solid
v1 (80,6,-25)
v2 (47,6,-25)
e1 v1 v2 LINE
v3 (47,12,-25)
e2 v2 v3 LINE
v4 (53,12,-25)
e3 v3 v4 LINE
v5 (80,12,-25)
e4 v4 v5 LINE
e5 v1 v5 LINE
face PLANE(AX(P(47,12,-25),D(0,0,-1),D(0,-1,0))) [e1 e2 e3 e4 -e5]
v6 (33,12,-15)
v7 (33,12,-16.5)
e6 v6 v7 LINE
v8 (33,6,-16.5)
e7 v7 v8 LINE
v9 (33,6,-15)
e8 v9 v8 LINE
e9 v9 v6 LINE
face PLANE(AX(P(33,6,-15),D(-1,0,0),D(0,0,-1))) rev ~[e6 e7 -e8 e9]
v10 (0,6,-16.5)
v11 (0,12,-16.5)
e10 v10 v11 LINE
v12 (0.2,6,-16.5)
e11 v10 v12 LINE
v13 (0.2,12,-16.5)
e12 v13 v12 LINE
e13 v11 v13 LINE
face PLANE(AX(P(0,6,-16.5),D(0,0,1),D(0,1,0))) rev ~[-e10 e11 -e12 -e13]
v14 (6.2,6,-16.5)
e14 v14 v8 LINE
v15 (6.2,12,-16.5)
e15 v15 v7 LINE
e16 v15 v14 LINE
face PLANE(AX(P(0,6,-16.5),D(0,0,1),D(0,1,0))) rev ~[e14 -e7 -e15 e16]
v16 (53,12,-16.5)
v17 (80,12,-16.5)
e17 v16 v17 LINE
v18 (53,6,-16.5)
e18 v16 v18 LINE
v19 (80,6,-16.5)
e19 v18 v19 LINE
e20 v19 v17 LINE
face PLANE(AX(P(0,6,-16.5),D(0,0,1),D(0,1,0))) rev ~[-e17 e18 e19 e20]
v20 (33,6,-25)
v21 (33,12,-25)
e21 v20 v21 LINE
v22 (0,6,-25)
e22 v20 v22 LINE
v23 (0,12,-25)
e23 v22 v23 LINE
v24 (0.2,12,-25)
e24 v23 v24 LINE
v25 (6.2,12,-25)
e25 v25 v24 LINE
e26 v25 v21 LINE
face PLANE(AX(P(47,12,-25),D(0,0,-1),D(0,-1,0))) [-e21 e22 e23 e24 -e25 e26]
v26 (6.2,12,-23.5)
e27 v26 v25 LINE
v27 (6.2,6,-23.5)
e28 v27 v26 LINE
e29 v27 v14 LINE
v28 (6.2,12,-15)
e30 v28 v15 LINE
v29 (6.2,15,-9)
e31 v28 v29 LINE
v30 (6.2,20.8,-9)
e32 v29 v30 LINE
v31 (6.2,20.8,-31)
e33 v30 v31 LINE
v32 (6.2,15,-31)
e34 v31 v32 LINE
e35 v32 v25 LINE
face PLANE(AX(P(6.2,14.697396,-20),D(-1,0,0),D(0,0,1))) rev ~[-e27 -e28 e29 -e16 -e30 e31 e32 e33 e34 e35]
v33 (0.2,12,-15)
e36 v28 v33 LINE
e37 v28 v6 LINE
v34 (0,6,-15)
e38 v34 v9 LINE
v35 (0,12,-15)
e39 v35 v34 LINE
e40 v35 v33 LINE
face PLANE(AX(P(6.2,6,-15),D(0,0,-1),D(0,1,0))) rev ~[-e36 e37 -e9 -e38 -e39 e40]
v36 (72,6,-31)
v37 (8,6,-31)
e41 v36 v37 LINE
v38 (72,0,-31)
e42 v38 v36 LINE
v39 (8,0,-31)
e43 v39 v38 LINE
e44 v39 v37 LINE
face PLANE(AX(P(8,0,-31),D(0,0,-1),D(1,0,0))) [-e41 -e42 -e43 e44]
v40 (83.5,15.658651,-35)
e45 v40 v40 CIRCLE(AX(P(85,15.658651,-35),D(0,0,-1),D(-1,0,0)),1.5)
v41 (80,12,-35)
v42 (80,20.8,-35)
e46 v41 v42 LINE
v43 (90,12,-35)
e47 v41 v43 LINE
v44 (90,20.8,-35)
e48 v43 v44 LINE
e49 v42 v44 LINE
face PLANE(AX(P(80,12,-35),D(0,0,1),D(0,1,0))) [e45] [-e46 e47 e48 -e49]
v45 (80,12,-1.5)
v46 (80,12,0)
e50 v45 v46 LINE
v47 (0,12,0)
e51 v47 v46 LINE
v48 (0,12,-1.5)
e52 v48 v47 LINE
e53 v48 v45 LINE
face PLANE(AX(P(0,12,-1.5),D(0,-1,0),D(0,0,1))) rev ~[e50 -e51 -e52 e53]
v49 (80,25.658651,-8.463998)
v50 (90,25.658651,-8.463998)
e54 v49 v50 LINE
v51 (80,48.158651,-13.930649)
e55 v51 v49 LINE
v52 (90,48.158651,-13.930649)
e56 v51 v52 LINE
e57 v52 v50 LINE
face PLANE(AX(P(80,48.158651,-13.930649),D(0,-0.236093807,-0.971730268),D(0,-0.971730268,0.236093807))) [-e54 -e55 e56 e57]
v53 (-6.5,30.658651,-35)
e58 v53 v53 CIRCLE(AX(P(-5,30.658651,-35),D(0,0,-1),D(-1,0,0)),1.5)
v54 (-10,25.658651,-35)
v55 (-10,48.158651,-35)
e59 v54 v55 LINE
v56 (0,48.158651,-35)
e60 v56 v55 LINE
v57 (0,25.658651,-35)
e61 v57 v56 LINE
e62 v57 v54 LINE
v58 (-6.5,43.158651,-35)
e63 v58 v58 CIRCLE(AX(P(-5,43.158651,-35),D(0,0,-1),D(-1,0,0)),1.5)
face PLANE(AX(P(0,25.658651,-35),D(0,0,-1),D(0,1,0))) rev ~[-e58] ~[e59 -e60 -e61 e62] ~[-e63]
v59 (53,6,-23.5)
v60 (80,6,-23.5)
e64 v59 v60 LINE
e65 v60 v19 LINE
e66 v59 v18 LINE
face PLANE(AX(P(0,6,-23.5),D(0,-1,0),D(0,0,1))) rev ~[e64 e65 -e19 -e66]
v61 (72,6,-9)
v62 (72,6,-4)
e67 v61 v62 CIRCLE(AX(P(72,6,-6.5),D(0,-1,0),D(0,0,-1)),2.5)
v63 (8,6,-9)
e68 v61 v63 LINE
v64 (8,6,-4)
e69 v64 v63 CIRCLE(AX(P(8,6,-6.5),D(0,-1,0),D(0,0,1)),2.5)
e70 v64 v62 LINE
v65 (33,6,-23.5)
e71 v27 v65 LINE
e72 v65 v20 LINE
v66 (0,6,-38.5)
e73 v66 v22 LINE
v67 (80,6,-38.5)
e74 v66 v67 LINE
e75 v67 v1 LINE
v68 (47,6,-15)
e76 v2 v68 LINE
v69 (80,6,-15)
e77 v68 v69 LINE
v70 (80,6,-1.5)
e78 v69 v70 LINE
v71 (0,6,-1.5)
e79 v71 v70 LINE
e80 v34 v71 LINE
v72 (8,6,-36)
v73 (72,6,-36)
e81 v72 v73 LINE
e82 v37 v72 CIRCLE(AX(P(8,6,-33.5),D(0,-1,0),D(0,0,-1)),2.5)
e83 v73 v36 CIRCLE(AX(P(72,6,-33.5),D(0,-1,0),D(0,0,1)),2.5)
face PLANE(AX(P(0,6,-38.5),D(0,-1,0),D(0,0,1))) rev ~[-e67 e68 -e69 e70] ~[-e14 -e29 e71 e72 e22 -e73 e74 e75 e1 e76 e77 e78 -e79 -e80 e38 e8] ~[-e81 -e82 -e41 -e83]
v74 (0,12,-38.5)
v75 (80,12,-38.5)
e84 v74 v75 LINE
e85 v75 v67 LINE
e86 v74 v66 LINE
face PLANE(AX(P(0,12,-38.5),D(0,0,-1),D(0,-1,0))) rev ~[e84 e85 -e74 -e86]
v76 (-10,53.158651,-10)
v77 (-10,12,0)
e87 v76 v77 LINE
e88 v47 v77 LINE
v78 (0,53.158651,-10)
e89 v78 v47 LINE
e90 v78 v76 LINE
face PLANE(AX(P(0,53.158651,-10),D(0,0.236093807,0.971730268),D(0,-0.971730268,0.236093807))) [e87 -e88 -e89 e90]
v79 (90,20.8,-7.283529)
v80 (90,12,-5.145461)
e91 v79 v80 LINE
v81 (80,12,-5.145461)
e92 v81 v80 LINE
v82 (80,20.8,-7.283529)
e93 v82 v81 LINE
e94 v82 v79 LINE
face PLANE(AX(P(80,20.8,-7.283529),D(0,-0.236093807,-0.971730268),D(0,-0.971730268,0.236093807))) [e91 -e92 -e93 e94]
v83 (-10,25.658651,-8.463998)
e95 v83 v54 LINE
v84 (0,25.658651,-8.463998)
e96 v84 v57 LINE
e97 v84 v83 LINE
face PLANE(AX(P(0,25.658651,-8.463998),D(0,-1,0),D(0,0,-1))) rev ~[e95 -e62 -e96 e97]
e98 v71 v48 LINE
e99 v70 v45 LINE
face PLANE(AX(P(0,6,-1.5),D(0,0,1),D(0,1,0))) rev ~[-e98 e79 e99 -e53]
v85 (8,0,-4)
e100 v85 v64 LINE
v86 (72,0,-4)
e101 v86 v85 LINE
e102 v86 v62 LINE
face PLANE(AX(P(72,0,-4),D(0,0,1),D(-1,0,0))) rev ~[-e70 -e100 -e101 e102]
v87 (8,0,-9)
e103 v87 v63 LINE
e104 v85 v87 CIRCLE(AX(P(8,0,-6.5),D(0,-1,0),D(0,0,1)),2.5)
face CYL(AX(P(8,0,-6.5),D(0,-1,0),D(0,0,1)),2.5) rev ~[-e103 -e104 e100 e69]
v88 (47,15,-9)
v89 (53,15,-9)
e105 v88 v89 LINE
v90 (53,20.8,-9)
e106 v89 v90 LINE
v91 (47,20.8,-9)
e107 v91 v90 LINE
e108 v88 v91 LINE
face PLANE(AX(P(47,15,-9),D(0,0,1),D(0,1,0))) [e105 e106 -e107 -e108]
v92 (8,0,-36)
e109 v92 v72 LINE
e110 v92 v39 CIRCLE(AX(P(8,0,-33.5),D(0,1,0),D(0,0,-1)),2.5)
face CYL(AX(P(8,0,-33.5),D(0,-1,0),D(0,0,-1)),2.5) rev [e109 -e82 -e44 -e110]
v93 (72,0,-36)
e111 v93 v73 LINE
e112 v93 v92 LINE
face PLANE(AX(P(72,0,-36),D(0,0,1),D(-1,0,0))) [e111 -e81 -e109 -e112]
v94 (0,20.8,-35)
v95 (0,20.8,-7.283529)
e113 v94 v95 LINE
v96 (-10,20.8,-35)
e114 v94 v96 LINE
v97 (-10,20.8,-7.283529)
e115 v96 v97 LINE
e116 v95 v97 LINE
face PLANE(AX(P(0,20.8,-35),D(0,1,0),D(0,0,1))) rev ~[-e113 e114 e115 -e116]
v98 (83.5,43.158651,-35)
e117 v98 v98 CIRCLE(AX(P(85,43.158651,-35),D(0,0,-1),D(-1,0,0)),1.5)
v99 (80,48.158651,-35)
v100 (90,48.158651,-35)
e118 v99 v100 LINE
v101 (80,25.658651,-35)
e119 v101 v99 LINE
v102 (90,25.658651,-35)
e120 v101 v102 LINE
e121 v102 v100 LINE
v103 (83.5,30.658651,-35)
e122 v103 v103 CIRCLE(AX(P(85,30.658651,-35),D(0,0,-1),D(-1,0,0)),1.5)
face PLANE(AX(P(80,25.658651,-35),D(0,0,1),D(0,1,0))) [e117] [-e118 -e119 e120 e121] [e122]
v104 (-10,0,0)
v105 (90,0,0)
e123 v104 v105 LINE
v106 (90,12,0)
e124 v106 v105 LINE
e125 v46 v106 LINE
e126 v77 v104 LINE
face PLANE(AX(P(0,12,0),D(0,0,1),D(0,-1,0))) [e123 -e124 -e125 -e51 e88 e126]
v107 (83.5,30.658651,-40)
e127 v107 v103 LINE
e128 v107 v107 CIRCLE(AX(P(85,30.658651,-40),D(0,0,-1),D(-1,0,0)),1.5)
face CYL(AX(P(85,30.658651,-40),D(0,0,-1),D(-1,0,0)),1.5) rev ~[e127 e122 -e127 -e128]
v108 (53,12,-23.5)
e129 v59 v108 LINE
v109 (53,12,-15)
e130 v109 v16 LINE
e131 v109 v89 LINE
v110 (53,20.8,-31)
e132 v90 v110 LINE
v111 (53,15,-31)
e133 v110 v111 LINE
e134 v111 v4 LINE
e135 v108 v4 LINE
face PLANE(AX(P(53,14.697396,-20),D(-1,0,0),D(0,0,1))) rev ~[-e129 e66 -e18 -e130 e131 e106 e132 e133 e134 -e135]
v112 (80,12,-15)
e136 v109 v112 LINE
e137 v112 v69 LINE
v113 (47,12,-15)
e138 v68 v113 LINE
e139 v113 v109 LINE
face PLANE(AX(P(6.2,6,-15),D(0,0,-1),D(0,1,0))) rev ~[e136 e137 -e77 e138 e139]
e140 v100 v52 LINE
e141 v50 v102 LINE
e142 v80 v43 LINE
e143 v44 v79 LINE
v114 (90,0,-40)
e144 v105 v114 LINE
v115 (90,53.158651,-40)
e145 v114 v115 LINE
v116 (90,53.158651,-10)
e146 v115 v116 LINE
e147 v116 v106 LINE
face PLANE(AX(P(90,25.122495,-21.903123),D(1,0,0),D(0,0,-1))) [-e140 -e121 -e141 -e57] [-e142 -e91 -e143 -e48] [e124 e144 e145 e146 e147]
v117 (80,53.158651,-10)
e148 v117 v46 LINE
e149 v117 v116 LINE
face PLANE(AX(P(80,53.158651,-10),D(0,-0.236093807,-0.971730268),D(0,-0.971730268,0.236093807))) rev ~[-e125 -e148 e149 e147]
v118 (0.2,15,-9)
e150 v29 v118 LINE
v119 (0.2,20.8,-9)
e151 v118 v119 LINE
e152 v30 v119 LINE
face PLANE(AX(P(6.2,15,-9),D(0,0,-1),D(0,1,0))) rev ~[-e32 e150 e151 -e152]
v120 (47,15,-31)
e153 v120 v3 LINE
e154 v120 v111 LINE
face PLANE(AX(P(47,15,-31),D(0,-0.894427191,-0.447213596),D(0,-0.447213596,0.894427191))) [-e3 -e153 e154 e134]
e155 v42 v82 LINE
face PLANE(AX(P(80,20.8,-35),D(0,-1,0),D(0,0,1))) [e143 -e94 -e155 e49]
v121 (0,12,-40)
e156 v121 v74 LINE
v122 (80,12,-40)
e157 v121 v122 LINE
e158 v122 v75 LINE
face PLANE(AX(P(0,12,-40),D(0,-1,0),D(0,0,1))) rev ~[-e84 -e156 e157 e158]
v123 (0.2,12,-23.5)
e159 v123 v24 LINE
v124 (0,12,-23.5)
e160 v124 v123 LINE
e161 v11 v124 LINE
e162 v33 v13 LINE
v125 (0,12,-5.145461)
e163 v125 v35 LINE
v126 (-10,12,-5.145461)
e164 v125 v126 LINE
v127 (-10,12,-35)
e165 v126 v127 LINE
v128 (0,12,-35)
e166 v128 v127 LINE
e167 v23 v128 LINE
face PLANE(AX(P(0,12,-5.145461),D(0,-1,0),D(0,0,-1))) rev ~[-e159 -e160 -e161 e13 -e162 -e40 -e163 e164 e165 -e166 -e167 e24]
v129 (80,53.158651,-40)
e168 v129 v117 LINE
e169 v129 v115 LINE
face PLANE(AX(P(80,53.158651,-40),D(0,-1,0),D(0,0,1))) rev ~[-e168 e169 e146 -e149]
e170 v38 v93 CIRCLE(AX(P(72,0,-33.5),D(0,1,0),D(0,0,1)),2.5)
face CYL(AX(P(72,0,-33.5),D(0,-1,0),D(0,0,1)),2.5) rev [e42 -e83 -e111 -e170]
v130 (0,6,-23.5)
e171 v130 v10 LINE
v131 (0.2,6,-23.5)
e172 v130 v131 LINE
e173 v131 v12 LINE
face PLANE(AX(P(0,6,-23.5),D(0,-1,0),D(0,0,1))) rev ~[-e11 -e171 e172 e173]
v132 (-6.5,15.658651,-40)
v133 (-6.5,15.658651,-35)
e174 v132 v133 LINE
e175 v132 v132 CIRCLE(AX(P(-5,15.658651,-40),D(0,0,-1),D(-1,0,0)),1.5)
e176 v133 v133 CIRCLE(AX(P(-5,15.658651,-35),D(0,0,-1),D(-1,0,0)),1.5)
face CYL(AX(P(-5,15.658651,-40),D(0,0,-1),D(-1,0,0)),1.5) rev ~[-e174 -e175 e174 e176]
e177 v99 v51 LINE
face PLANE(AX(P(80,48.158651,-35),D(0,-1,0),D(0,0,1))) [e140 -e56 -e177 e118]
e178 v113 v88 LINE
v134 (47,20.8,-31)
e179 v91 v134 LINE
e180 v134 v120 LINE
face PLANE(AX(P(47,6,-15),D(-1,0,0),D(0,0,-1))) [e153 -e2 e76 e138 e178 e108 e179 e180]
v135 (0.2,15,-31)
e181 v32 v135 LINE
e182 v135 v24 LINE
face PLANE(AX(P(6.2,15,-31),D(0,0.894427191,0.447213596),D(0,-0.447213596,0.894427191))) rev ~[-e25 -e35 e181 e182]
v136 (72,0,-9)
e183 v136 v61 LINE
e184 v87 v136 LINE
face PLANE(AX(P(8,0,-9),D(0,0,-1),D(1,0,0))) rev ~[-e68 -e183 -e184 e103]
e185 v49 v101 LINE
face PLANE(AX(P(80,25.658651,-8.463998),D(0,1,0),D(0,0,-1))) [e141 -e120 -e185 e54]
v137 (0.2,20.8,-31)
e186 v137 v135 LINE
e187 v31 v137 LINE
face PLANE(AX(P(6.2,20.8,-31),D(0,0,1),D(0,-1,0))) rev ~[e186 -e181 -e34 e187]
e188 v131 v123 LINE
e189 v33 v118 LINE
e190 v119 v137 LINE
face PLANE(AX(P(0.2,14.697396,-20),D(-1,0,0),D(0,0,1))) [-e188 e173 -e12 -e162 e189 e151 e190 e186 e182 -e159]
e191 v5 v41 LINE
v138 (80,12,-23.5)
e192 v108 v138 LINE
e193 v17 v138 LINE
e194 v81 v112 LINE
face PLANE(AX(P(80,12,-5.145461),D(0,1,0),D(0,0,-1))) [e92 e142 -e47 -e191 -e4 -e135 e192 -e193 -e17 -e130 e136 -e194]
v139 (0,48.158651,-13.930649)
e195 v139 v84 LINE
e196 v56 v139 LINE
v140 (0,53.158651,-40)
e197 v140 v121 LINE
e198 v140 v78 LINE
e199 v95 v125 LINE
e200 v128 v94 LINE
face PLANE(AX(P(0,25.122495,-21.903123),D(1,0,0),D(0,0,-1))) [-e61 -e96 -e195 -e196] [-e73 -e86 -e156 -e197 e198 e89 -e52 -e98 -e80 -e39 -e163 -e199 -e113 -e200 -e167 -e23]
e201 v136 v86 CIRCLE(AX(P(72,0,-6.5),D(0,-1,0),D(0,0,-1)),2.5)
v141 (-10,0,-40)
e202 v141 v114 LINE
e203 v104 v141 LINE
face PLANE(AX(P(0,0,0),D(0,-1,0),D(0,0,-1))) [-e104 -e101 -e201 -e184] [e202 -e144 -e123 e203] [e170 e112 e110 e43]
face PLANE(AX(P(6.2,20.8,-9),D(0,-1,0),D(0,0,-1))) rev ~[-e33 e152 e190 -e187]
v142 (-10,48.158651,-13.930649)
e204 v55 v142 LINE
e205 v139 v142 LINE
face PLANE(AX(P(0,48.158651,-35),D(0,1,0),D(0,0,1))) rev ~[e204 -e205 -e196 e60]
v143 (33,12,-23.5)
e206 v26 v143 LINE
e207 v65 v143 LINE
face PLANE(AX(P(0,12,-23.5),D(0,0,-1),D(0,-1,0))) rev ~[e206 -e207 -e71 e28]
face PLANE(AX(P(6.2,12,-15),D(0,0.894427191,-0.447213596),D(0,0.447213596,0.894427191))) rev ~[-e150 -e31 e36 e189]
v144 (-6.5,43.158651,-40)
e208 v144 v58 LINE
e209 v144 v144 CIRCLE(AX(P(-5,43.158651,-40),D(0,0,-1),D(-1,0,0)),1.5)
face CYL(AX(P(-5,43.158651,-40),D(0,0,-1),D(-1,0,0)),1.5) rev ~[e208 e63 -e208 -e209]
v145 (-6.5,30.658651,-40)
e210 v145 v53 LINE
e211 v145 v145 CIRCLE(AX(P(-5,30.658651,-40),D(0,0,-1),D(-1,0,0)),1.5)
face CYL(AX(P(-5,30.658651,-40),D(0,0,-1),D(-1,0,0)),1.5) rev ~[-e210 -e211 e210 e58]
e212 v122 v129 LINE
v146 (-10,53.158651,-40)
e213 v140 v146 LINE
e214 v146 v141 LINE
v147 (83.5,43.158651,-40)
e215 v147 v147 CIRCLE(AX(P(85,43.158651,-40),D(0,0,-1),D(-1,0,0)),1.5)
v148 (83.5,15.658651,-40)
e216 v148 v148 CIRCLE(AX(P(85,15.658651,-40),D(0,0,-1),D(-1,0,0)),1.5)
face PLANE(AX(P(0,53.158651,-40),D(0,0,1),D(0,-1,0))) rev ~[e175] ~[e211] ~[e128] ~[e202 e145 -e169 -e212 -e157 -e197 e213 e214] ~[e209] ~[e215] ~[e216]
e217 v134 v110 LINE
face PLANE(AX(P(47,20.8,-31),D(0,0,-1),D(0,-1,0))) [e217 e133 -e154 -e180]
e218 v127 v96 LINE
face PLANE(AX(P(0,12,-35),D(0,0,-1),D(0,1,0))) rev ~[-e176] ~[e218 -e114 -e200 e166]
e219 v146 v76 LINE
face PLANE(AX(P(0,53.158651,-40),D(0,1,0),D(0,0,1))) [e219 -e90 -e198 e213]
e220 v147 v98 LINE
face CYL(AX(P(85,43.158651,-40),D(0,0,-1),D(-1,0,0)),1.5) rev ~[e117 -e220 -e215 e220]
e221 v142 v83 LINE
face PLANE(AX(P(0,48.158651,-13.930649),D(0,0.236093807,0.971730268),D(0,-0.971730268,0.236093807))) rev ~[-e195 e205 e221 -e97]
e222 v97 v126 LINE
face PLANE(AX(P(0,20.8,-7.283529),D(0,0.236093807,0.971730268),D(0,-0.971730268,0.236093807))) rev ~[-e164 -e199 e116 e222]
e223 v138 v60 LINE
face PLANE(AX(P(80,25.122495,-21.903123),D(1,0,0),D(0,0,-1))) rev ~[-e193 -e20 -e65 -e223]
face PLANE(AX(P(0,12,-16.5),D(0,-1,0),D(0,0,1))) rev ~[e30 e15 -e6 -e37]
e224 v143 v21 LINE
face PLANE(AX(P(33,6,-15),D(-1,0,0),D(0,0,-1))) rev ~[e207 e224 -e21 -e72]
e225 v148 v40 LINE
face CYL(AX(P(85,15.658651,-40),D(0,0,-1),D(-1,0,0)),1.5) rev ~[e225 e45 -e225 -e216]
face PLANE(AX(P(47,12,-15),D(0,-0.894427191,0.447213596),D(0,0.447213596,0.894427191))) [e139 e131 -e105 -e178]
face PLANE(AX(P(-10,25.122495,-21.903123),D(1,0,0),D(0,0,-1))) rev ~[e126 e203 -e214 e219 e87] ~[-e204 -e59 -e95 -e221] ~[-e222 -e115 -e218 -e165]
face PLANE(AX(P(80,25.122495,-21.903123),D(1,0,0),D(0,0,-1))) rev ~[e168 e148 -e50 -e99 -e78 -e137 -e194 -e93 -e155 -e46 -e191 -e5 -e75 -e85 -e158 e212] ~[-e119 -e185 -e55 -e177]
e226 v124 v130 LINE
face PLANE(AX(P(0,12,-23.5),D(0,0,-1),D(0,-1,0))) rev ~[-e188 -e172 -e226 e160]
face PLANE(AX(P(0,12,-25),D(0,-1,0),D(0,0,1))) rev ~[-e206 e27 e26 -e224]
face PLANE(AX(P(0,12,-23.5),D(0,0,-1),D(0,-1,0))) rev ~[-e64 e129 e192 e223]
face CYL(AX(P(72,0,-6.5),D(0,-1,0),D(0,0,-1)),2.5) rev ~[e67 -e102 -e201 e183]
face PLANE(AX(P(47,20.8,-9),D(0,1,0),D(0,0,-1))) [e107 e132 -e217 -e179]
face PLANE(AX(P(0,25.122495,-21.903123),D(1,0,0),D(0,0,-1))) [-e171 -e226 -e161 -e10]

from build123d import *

# Parameters (mm, degrees)
BOSS_EXTRUDE1_DEPTH  = 80
BOSS_EXTRUDE2_DEPTH  = 6
BOSS_EXTRUDE3_DEPTH  = 6
CUT_EXTRUDE1_REACH   = 93.829
SKETCH6_W            = 14
SKETCH6_H            = 10
CUT_EXTRUDE2_DEPTH   = 6
BOSS_EXTRUDE4_DEPTH  = 10
BOSS_EXTRUDE11_DEPTH = 10
CUT_EXTRUDE3_REACH   = 113.919
SKETCH9_R            = 1.5


with BuildPart() as part:
    # Sketch1 → Boss-Extrude1 (new body)
    with BuildSketch(Plane(origin=(0, 0, 0), x_dir=(0, 0, -1), z_dir=(1, 0, 0))):
        Polygon((0, 0), (40, 0), (40, 12), (38.5, 12), (38.5, 6), (25, 6), (25, 12), (23.5, 12), (23.5, 6), (16.5, 6), (16.5, 12), (15, 12), (15, 6), (1.5, 6), (1.5, 12), (0, 12), align=None)
    extrude(amount=BOSS_EXTRUDE1_DEPTH)

    # Sketch2 → Boss-Extrude2 (add)
    with BuildSketch(Plane(origin=(6.2, 0, 0), x_dir=(0, 0, -1), z_dir=(1, 0, 0))):
        Polygon((15, 6), (15, 12), (9, 15), (9, 20.8), (31, 20.8), (31, 15), (25, 12), (25, 6), align=None)
    extrude(amount=-BOSS_EXTRUDE2_DEPTH)

    # Sketch4 → Boss-Extrude3 (add)
    with BuildSketch(Plane(origin=(47, 0, 0), x_dir=(0, 0, -1), z_dir=(1, 0, 0))):
        Polygon((25, 6), (15, 6), (15, 12), (9, 15), (9, 20.8), (31, 20.8), (31, 15), (25, 12), align=None)
    extrude(amount=BOSS_EXTRUDE3_DEPTH)

    # Sketch5 → Cut-Extrude1 (cut, up to next)
    with BuildSketch(Plane.XZ, mode=Mode.PRIVATE) as cut_extrude1_sk1:
        with BuildLine():
            Line((8, -31), (72, -31))
            ThreePointArc((72, -31), (74.5, -33.5), (72, -36))
            Line((72, -36), (8, -36))
            ThreePointArc((8, -36), (5.5, -33.5), (8, -31))
        make_face()
    cut_extrude1_tool1 = extrude(cut_extrude1_sk1.sketch, amount=-CUT_EXTRUDE1_REACH, mode=Mode.PRIVATE) & part.part
    # Sketch5 → Cut-Extrude1 (cut, up to next)
    with BuildSketch(Plane.XZ, mode=Mode.PRIVATE) as cut_extrude1_sk2:
        with BuildLine():
            Line((72, -4), (8, -4))
            ThreePointArc((8, -4), (5.5, -6.5), (8, -9))
            Line((8, -9), (72, -9))
            ThreePointArc((72, -9), (74.5, -6.5), (72, -4))
        make_face()
    cut_extrude1_tool2 = extrude(cut_extrude1_sk2.sketch, amount=-CUT_EXTRUDE1_REACH, mode=Mode.PRIVATE) & part.part
    add(cut_extrude1_tool1.solids().sort_by_distance((40, 0, -33.5))[0], mode=Mode.SUBTRACT)
    add(cut_extrude1_tool2.solids().sort_by_distance((40, 0, -6.5))[0], mode=Mode.SUBTRACT)

    # Sketch6 → Cut-Extrude2 (cut)
    with BuildSketch(Plane(origin=(0, 6, 0), x_dir=(1, 0, 0), z_dir=(0, 1, 0))):
        with Locations((40, 20)):
            Rectangle(SKETCH6_W, SKETCH6_H)
    extrude(amount=CUT_EXTRUDE2_DEPTH, mode=Mode.SUBTRACT)

    # Sketch7 → Boss-Extrude4 (add)
    with BuildSketch(Plane(origin=(80, 0, 0), x_dir=(0, 0, -1), z_dir=(1, 0, 0))):
        Polygon((0, 0), (40, 0), (40, 12), (40, 53.158651342), (10, 53.158651342), (0, 12), align=None)
        Polygon((35, 48.158651342), (13.930649368, 48.158651342), (8.463997944, 25.658651342), (35, 25.658651342), align=None, mode=Mode.SUBTRACT)
        Polygon((35, 20.8), (7.283528909, 20.8), (5.145460796, 12), (35, 12), align=None, mode=Mode.SUBTRACT)
    extrude(amount=BOSS_EXTRUDE4_DEPTH)

    # Sketch8 → Boss-Extrude11 (add)
    with BuildSketch(Plane.ZY):
        Polygon((0, 12), (0, 0), (-40, 0), (-40, 12), (-40, 53.158651342), (-10, 53.158651342), align=None)
        Polygon((-5.145460796, 12), (-35, 12), (-35, 20.8), (-7.283528909, 20.8), align=None, mode=Mode.SUBTRACT)
        Polygon((-13.930649368, 48.158651342), (-8.463997944, 25.658651342), (-35, 25.658651342), (-35, 48.158651342), align=None, mode=Mode.SUBTRACT)
    extrude(amount=BOSS_EXTRUDE11_DEPTH)

    # Sketch9 → Cut-Extrude3 (cut, up to next)
    with BuildSketch(Plane(origin=(0, 0, -40), x_dir=(-1, 0, 0), z_dir=(0, 0, -1)), mode=Mode.PRIVATE) as cut_extrude3_sk1:
        with Locations((-85, 43.158651342)):
            Circle(SKETCH9_R)
    cut_extrude3_tool1 = extrude(cut_extrude3_sk1.sketch, amount=-CUT_EXTRUDE3_REACH, mode=Mode.PRIVATE) & part.part
    # Sketch9 → Cut-Extrude3 (cut, up to next)
    with BuildSketch(Plane(origin=(0, 0, -40), x_dir=(-1, 0, 0), z_dir=(0, 0, -1)), mode=Mode.PRIVATE) as cut_extrude3_sk2:
        with Locations((-85, 30.658651342)):
            Circle(SKETCH9_R)
    cut_extrude3_tool2 = extrude(cut_extrude3_sk2.sketch, amount=-CUT_EXTRUDE3_REACH, mode=Mode.PRIVATE) & part.part
    # Sketch9 → Cut-Extrude3 (cut, up to next)
    with BuildSketch(Plane(origin=(0, 0, -40), x_dir=(-1, 0, 0), z_dir=(0, 0, -1)), mode=Mode.PRIVATE) as cut_extrude3_sk3:
        with Locations((-85, 15.658651342)):
            Circle(SKETCH9_R)
    cut_extrude3_tool3 = extrude(cut_extrude3_sk3.sketch, amount=-CUT_EXTRUDE3_REACH, mode=Mode.PRIVATE) & part.part
    # Sketch9 → Cut-Extrude3 (cut, up to next)
    with BuildSketch(Plane(origin=(0, 0, -40), x_dir=(-1, 0, 0), z_dir=(0, 0, -1)), mode=Mode.PRIVATE) as cut_extrude3_sk4:
        with Locations((5, 43.158651342)):
            Circle(SKETCH9_R)
    cut_extrude3_tool4 = extrude(cut_extrude3_sk4.sketch, amount=-CUT_EXTRUDE3_REACH, mode=Mode.PRIVATE) & part.part
    # Sketch9 → Cut-Extrude3 (cut, up to next)
    with BuildSketch(Plane(origin=(0, 0, -40), x_dir=(-1, 0, 0), z_dir=(0, 0, -1)), mode=Mode.PRIVATE) as cut_extrude3_sk5:
        with Locations((5, 30.658651342)):
            Circle(SKETCH9_R)
    cut_extrude3_tool5 = extrude(cut_extrude3_sk5.sketch, amount=-CUT_EXTRUDE3_REACH, mode=Mode.PRIVATE) & part.part
    # Sketch9 → Cut-Extrude3 (cut, up to next)
    with BuildSketch(Plane(origin=(0, 0, -40), x_dir=(-1, 0, 0), z_dir=(0, 0, -1)), mode=Mode.PRIVATE) as cut_extrude3_sk6:
        with Locations((5, 15.658651342)):
            Circle(SKETCH9_R)
    cut_extrude3_tool6 = extrude(cut_extrude3_sk6.sketch, amount=-CUT_EXTRUDE3_REACH, mode=Mode.PRIVATE) & part.part
    add(cut_extrude3_tool1.solids().sort_by_distance((85, 43.158651, -40))[0], mode=Mode.SUBTRACT)
    add(cut_extrude3_tool2.solids().sort_by_distance((85, 30.658651, -40))[0], mode=Mode.SUBTRACT)
    add(cut_extrude3_tool3.solids().sort_by_distance((85, 15.658651, -40))[0], mode=Mode.SUBTRACT)
    add(cut_extrude3_tool4.solids().sort_by_distance((-5, 43.158651, -40))[0], mode=Mode.SUBTRACT)
    add(cut_extrude3_tool5.solids().sort_by_distance((-5, 30.658651, -40))[0], mode=Mode.SUBTRACT)
    add(cut_extrude3_tool6.solids().sort_by_distance((-5, 15.658651, -40))[0], mode=Mode.SUBTRACT)


solid = part.part
